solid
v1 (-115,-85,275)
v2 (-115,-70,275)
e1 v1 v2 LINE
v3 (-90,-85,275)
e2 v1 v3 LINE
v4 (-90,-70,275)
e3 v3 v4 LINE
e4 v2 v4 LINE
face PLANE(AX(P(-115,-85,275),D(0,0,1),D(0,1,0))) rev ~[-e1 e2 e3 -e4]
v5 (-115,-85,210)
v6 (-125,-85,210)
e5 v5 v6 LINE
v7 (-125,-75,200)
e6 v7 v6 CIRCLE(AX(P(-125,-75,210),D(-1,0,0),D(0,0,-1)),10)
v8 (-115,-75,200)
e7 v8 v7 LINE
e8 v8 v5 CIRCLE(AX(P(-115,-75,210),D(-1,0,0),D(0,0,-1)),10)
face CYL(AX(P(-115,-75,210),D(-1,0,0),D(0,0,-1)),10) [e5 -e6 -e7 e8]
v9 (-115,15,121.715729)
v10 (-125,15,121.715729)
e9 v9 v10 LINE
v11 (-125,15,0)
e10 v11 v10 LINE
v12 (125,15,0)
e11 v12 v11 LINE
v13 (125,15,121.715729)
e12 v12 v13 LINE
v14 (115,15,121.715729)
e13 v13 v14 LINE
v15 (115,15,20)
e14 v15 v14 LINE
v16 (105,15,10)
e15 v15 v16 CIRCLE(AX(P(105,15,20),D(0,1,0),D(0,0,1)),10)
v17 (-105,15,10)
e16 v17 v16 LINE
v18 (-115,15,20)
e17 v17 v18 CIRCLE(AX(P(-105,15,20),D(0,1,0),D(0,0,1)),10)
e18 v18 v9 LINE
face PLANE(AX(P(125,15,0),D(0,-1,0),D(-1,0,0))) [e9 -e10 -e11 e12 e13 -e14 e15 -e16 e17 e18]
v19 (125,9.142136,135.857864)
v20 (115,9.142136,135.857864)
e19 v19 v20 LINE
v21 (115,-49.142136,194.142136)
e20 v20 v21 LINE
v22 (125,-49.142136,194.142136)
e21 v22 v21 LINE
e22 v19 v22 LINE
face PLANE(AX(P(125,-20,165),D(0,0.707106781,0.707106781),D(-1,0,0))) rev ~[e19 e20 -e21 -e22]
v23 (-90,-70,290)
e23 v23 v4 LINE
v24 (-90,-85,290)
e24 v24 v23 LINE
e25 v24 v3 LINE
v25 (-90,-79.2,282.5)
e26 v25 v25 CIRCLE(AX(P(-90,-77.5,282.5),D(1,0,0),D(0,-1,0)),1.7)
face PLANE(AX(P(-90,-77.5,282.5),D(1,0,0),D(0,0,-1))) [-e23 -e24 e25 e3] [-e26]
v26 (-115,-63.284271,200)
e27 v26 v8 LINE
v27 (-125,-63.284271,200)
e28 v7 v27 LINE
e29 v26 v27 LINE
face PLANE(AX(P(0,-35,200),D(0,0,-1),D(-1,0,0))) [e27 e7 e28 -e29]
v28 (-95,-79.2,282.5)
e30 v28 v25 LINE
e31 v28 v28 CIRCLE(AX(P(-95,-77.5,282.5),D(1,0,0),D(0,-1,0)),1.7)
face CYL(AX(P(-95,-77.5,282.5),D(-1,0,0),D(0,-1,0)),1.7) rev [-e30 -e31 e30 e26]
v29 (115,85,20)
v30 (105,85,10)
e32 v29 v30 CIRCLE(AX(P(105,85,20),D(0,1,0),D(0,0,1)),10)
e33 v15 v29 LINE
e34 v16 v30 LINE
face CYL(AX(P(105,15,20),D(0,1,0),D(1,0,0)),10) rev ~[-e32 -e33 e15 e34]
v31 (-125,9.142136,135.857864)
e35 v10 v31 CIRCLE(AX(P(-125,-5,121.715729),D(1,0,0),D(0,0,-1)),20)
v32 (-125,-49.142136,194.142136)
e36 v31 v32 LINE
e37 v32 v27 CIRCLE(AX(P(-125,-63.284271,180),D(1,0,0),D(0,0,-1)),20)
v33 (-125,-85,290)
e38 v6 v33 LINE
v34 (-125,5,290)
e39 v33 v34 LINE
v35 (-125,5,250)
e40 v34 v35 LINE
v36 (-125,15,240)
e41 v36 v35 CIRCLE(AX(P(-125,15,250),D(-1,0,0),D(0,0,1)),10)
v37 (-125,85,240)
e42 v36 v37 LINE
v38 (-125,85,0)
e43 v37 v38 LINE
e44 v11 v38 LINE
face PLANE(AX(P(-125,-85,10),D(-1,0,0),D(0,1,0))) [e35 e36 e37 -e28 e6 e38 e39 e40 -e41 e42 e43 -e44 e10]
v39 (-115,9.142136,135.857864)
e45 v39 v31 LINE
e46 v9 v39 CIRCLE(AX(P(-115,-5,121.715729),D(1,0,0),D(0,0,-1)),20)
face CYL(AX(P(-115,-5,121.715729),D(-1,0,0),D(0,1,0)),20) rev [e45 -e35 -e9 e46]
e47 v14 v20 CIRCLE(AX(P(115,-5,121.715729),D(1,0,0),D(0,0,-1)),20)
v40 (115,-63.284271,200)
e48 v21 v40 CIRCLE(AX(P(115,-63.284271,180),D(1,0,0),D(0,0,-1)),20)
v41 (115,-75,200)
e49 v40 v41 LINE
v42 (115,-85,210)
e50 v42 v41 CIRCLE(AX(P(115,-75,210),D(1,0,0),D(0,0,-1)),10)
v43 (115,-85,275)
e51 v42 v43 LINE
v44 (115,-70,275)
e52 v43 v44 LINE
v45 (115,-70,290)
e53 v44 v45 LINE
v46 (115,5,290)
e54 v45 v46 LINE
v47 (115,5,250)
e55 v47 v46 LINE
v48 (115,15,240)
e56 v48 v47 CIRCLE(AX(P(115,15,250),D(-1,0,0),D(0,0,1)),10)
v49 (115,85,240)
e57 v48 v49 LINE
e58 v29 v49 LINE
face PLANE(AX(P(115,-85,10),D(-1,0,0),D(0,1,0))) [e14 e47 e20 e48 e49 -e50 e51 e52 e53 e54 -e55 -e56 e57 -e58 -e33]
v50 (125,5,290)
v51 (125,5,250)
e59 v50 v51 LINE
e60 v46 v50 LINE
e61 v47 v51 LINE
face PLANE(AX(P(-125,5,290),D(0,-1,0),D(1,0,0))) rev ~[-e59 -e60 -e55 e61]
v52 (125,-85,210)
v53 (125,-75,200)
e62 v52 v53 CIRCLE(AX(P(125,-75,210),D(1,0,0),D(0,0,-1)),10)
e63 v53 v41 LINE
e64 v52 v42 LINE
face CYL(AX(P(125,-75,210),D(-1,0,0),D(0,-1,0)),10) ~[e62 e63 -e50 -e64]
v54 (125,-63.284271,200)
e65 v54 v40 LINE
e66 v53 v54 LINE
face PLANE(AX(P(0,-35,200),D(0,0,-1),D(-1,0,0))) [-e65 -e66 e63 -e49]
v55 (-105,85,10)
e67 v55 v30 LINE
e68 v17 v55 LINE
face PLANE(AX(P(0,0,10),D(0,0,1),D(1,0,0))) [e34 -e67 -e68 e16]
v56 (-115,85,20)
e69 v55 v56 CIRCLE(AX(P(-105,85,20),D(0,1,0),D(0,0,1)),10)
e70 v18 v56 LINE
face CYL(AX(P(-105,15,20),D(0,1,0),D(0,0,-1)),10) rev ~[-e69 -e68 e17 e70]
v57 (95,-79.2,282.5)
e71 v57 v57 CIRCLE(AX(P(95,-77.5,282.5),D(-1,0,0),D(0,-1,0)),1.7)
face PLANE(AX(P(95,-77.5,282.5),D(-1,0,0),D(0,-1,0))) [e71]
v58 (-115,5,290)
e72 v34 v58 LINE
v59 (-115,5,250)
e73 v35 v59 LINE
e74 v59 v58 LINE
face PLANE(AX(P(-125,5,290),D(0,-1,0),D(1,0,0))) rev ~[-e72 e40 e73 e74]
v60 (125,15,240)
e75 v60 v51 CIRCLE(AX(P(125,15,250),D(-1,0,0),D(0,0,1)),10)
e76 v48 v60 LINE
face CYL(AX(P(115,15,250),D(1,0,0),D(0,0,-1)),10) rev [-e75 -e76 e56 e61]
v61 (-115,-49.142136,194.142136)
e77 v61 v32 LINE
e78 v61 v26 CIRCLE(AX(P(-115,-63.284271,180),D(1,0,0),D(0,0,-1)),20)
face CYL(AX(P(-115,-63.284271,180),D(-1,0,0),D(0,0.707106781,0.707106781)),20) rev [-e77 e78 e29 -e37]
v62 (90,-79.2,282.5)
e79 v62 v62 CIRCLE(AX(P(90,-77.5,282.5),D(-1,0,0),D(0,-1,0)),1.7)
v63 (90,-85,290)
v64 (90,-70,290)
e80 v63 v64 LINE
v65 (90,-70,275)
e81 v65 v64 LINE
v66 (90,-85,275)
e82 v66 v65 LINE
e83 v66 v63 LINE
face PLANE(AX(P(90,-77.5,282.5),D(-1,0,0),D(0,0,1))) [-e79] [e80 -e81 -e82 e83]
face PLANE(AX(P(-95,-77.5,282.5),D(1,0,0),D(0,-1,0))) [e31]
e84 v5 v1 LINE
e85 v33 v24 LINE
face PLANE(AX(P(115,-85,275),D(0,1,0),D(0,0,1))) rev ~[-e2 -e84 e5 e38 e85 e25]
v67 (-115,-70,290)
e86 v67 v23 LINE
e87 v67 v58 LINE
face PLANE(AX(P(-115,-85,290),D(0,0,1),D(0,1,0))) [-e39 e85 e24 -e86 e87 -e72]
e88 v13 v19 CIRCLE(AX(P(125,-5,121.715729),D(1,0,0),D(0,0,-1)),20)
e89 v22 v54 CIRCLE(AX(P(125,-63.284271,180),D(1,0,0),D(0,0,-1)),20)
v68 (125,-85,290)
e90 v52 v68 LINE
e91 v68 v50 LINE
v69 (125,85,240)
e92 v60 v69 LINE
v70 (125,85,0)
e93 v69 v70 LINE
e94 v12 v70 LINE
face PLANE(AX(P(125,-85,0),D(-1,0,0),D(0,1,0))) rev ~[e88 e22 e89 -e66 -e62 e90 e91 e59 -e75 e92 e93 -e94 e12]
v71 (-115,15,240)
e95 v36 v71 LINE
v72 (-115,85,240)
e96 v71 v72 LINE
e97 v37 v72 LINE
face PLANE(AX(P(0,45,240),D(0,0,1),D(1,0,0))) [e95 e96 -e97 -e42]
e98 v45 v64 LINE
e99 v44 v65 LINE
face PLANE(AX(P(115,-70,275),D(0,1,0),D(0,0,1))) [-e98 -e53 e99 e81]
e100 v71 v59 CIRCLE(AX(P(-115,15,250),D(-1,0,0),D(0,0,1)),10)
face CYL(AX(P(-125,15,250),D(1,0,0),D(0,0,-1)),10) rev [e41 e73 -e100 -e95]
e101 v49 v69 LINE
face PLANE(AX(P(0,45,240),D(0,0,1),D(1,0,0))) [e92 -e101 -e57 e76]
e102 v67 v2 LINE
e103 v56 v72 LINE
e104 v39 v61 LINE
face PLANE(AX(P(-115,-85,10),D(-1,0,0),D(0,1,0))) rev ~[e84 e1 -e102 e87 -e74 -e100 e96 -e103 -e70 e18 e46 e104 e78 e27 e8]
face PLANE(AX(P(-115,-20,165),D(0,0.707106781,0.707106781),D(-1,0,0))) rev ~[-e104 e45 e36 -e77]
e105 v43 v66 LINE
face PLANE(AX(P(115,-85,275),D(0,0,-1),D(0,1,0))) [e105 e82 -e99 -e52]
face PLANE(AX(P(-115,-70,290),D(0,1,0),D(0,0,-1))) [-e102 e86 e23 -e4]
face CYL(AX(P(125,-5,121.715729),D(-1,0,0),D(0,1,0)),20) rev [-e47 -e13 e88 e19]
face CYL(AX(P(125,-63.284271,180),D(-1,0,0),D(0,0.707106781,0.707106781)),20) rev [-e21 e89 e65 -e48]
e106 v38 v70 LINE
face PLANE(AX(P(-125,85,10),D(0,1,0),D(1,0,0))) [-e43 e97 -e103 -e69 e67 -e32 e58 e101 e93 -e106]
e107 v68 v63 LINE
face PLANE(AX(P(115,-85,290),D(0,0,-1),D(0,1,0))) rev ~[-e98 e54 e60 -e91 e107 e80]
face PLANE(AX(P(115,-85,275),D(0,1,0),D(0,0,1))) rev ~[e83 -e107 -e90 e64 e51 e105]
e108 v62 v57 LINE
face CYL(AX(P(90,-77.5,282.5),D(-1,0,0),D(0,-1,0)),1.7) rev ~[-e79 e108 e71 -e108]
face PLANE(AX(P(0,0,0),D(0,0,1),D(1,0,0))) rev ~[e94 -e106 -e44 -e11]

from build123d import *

# Parameters (mm, degrees)
SKETCH_1_W          = 250
SKETCH_1_H          = 170
EXTRUDE_1_DEPTH     = 10
SKETCH_2_W          = 10
SKETCH_2_H          = 170
EXTRUDE_2_DEPTH     = 280
SKETCH_3_W          = 15
SKETCH_3_H          = 15
EXTRUDE_3_DEPTH     = 25
SKETCH_4_W          = 15
SKETCH_4_H          = 15
EXTRUDE_4_DEPTH     = 25
SKETCH_5_R          = 1.7
CUT_EXTRUDE_1_DEPTH = 5
CUT_EXTRUDE_START   = -5
SKETCH_6_R          = 1.7
CUT_EXTRUDE_2_DEPTH = 5
SKETCH_7_W          = 250
SKETCH_7_H          = 100
CUT_EXTRUDE_3_DEPTH = 200
SKETCH_8_W          = 250
SKETCH_8_H          = 80
CUT_EXTRUDE_4_DEPTH = 50
FILLET_1_R          = 10
CHAMFER_2_SIZE      = 70
FILLET_3_R          = 20


with BuildPart() as part:
    # 草图1 → 凸台-拉伸1 (new body)
    with BuildSketch(Plane.XY):
        Rectangle(SKETCH_1_W, SKETCH_1_H)
    extrude(amount=EXTRUDE_1_DEPTH)

    # 草图2 → 凸台-拉伸2 (add)
    with BuildSketch(Plane.XY.offset(10)):
        with Locations((-120, 0)):
            Rectangle(SKETCH_2_W, SKETCH_2_H)
        with Locations((120, 0)):
            Rectangle(SKETCH_2_W, SKETCH_2_H)
    extrude(amount=EXTRUDE_2_DEPTH)

    # 草图3 → 凸台-拉伸3 (add)
    with BuildSketch(Plane(origin=(-115, 0, 0), x_dir=(0, 0, -1), z_dir=(1, 0, 0))):
        with Locations((-282.5, -77.5)):
            Rectangle(SKETCH_3_W, SKETCH_3_H)
    extrude(amount=EXTRUDE_3_DEPTH)

    # 草图4 → 凸台-拉伸4 (add)
    with BuildSketch(Plane.ZY.offset(-115)):
        with Locations((282.5, -77.5)):
            Rectangle(SKETCH_4_W, SKETCH_4_H)
    extrude(amount=EXTRUDE_4_DEPTH)

    # 草图5 → 切除-拉伸1 (cut)
    with BuildSketch(Plane.ZY.offset(-90)):
        with Locations(Location((282.5, -77.5, 0), (0, 0, 270))):
            Circle(SKETCH_5_R)
    extrude(amount=-CUT_EXTRUDE_1_DEPTH, mode=Mode.SUBTRACT)

    # 草图6 → 切除-拉伸2 (cut)
    with BuildSketch(Plane(origin=(-90, 0, 0), x_dir=(0, 0, -1), z_dir=(1, 0, 0)).offset(CUT_EXTRUDE_START)):
        with Locations(Location((-282.5, -77.5, 0), (0, 0, 270))):
            Circle(SKETCH_6_R)
    extrude(amount=CUT_EXTRUDE_2_DEPTH, mode=Mode.SUBTRACT)

    # 草图7 → 切除-拉伸3 (cut)
    with BuildSketch(Plane(origin=(0, 0, 0), x_dir=(-1, 0, 0), z_dir=(0, 0, -1))):
        with Locations((0, -35)):
            Rectangle(SKETCH_7_W, SKETCH_7_H)
    extrude(amount=-CUT_EXTRUDE_3_DEPTH, mode=Mode.SUBTRACT)

    # 草图8 → 切除-拉伸4 (cut)
    with BuildSketch(Plane.XY.offset(290)):
        with Locations((0, 45)):
            Rectangle(SKETCH_8_W, SKETCH_8_H)
    extrude(amount=-CUT_EXTRUDE_4_DEPTH, mode=Mode.SUBTRACT)

    # 圆角1
    fillet_1_edges = [part.edges().sort_by_distance(p)[0] for p in [
        (120, 5, 240),
        (-120, 5, 240),
        (115, 50, 10),
        (-115, 50, 10),
        (120, -85, 200),
        (-120, -85, 200),
    ]]
    fillet(fillet_1_edges, radius=FILLET_1_R)

    # 倒角2
    chamfer_2_edges = [part.edges().sort_by_distance(p)[0] for p in [
        (120, 15, 200),
        (-120, 15, 200),
    ]]
    chamfer(chamfer_2_edges, length=CHAMFER_2_SIZE)

    # 圆角3
    fillet_3_edges = [part.edges().sort_by_distance(p)[0] for p in [
        (120, -55, 200),
        (-120, 15, 130),
        (120, 15, 130),
        (-120, -55, 200),
    ]]
    fillet(fillet_3_edges, radius=FILLET_3_R)


solid = part.part
